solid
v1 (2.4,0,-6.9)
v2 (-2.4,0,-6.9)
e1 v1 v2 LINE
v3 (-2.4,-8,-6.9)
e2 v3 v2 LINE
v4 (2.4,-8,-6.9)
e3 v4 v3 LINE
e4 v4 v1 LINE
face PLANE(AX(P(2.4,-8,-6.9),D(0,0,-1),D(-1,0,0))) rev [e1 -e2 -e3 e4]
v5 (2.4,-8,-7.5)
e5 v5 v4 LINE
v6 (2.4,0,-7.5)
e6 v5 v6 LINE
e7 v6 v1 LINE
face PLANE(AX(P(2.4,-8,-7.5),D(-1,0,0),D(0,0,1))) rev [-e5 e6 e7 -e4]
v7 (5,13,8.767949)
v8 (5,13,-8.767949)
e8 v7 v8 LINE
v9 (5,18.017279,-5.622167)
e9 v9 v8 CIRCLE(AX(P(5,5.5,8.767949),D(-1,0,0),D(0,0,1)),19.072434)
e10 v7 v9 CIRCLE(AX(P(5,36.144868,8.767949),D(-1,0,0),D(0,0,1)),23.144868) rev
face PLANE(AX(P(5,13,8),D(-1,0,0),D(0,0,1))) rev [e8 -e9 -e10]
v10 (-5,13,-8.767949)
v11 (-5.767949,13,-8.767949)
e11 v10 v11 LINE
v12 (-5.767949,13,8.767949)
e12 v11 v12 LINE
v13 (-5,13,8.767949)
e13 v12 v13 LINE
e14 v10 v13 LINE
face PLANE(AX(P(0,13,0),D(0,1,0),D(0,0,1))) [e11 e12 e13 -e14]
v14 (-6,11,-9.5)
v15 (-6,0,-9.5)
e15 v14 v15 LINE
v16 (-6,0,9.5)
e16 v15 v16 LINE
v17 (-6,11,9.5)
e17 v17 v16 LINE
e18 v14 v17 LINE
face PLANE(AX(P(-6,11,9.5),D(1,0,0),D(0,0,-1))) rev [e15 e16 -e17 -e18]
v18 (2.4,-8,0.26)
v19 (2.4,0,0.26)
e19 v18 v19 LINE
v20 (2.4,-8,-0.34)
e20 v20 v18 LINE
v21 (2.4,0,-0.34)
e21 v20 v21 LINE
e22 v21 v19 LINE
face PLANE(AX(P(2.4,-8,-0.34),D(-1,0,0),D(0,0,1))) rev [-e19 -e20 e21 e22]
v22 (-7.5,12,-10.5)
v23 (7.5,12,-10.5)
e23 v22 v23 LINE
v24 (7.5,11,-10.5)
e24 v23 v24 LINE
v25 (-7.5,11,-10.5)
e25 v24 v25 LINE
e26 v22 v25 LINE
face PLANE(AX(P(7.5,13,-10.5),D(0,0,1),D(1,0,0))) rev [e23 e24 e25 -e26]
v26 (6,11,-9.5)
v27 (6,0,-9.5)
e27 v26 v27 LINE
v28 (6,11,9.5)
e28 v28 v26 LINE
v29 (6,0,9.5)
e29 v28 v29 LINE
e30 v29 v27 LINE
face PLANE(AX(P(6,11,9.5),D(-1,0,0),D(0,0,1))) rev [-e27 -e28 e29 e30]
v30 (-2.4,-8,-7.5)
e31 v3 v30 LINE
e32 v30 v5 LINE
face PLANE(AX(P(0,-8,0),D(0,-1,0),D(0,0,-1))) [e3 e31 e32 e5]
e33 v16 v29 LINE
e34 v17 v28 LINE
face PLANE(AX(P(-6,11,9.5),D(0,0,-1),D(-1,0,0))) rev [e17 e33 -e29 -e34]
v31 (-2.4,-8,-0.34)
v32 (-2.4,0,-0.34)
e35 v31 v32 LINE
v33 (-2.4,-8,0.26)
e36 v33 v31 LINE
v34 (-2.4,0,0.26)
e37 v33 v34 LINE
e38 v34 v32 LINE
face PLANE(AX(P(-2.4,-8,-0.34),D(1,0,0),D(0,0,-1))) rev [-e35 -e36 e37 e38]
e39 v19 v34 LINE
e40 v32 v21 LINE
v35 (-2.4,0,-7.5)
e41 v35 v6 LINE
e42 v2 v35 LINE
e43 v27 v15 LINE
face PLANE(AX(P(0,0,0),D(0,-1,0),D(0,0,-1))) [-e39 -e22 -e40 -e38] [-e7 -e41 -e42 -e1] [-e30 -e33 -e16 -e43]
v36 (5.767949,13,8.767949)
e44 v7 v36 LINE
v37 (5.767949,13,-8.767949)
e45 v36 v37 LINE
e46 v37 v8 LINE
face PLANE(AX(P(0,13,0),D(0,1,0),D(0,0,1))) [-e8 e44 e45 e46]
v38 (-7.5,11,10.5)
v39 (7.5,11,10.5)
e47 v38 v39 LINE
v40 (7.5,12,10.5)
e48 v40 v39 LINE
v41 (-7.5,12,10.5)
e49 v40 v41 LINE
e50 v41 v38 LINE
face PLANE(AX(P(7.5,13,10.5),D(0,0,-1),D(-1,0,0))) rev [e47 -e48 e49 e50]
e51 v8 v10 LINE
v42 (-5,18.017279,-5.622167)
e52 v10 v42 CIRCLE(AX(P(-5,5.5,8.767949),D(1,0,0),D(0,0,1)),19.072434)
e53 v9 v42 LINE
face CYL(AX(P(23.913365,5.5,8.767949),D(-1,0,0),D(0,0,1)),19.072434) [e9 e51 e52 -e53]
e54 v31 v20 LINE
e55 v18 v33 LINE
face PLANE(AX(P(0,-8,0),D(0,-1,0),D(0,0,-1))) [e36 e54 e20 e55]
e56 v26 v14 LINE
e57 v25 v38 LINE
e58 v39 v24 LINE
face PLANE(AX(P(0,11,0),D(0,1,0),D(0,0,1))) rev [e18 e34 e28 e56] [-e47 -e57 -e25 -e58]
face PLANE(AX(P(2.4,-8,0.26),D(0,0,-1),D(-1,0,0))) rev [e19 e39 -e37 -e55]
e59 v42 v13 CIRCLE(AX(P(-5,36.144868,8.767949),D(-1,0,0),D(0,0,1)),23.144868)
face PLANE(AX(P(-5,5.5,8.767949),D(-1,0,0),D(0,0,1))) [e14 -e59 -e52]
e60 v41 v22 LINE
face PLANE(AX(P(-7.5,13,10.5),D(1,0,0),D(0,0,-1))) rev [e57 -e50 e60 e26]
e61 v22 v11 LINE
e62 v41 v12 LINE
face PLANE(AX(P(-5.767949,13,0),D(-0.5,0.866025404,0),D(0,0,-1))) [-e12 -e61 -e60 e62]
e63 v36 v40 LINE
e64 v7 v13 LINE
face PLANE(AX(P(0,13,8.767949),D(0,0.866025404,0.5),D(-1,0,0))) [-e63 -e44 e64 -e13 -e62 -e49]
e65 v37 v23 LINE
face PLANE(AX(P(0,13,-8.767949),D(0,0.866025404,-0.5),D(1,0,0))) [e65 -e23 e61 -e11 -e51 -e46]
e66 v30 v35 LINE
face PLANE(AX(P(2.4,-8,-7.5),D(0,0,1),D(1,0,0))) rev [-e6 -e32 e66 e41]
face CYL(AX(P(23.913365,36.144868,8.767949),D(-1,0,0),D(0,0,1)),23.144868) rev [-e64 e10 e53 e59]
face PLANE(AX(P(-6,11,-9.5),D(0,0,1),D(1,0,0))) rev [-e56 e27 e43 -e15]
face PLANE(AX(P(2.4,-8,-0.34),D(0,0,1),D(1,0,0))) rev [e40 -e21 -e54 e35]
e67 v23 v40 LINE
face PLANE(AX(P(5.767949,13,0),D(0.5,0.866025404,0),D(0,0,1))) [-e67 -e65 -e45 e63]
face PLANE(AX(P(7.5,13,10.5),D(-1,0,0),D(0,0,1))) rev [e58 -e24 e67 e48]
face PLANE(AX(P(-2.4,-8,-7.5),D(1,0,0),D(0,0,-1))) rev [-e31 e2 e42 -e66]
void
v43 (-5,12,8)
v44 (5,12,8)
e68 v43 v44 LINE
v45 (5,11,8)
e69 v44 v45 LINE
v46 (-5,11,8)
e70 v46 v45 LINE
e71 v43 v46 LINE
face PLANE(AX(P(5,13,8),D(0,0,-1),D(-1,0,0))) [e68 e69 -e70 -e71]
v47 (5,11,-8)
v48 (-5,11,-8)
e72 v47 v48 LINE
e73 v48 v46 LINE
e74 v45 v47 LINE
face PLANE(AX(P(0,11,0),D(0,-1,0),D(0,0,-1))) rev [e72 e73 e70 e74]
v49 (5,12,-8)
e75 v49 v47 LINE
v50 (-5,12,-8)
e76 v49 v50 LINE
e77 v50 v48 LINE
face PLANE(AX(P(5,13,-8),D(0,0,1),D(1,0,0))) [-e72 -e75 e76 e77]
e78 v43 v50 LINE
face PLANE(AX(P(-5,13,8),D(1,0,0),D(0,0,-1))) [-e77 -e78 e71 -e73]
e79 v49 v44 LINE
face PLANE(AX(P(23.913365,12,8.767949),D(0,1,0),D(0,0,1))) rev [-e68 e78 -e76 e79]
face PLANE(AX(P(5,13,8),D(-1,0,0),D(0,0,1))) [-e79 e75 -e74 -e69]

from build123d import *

# Parameters (mm, degrees)
SKETCH1_W             = 12
SKETCH1_H             = 19
BOSS_EXTRUDE1_DEPTH   = 11
SKETCH2_W             = 15
SKETCH2_H             = 21
SKETCH2_W_2           = 10
SKETCH2_H_2           = 16
BOSS_EXTRUDE2_DEPTH   = 2
CHAMFER1_SIZE         = 1
CHAMFER1_SIZE2        = 1.732050808
CHAMFER1_PART_2_SIZE  = 1
CHAMFER1_PART_2_SIZE2 = 1.732050808
CHAMFER1_PART_3_SIZE  = 1
CHAMFER1_PART_3_SIZE2 = 1.732050808
CHAMFER1_PART_4_SIZE  = 1
CHAMFER1_PART_4_SIZE2 = 1.732050808
BOSS_EXTRUDE3_DEPTH   = 10
SKETCH4_W             = 4.8
SKETCH4_H             = 0.6
BOSS_EXTRUDE4_DEPTH   = 8


with BuildPart() as part:
    # Sketch1 → Boss-Extrude1 (new body)
    with BuildSketch(Plane(origin=(0, 0, 0), x_dir=(1, 0, 0), z_dir=(0, 1, 0))):
        Rectangle(SKETCH1_W, SKETCH1_H)
    extrude(amount=BOSS_EXTRUDE1_DEPTH)

    # Sketch2 → Boss-Extrude2 (add)
    with BuildSketch(Plane(origin=(0, 11, 0), x_dir=(1, 0, 0), z_dir=(0, 1, 0))):
        Rectangle(SKETCH2_W, SKETCH2_H)
        Rectangle(SKETCH2_W_2, SKETCH2_H_2, mode=Mode.SUBTRACT)
    extrude(amount=BOSS_EXTRUDE2_DEPTH)

    # Chamfer1
    chamfer1_edges = [part.edges().sort_by_distance(p)[0] for p in [
        (-7.5, 13, 0),
    ]]
    chamfer1_side = [part.faces().sort_by_distance(p)[0] for p in [
        (-7.5, 12, 0),
    ]]
    chamfer(chamfer1_edges, length=CHAMFER1_SIZE, length2=CHAMFER1_SIZE2, reference=chamfer1_side[0])

    # Chamfer1 part 2
    chamfer1_part_2_edges = [part.edges().sort_by_distance(p)[0] for p in [
        (0, 13, 10.5),
    ]]
    chamfer1_part_2_side = [part.faces().sort_by_distance(p)[0] for p in [
        (0, 12, 10.5),
    ]]
    chamfer(chamfer1_part_2_edges, length=CHAMFER1_PART_2_SIZE, length2=CHAMFER1_PART_2_SIZE2, reference=chamfer1_part_2_side[0])

    # Chamfer1 part 3
    chamfer1_part_3_edges = [part.edges().sort_by_distance(p)[0] for p in [
        (7.5, 13, 0),
    ]]
    chamfer1_part_3_side = [part.faces().sort_by_distance(p)[0] for p in [
        (7.5, 12, 0),
    ]]
    chamfer(chamfer1_part_3_edges, length=CHAMFER1_PART_3_SIZE, length2=CHAMFER1_PART_3_SIZE2, reference=chamfer1_part_3_side[0])

    # Chamfer1 part 4
    chamfer1_part_4_edges = [part.edges().sort_by_distance(p)[0] for p in [
        (0, 13, -10.5),
    ]]
    chamfer1_part_4_side = [part.faces().sort_by_distance(p)[0] for p in [
        (0, 12, -10.5),
    ]]
    chamfer(chamfer1_part_4_edges, length=CHAMFER1_PART_4_SIZE, length2=CHAMFER1_PART_4_SIZE2, reference=chamfer1_part_4_side[0])

    # Sketch3 → Boss-Extrude3 (add)
    with BuildSketch(Plane(origin=(-5, 0, 0), x_dir=(0, 0, -1), z_dir=(1, 0, 0))):
        with BuildLine():
            Line((-8.767949192, 13), (-8.767949192, 12))
            Line((-8.767949192, 12), (9.162687499, 12))
            ThreePointArc((9.162687499, 12), (7.670106688, 15.172024144), (5.622167077, 18.017279493))
            ThreePointArc((5.622167077, 18.017279493), (-1.14809782, 14.290285439), (-8.767949192, 13))
        make_face()
    extrude(amount=BOSS_EXTRUDE3_DEPTH)

    # Sketch4 → Boss-Extrude4 (add)
    with BuildSketch(Plane.XZ):
        with Locations((0, -7.2)):
            Rectangle(SKETCH4_W, SKETCH4_H)
        with Locations((0, -0.04)):
            Rectangle(SKETCH4_W, SKETCH4_H)
    extrude(amount=BOSS_EXTRUDE4_DEPTH)


solid = part.part
